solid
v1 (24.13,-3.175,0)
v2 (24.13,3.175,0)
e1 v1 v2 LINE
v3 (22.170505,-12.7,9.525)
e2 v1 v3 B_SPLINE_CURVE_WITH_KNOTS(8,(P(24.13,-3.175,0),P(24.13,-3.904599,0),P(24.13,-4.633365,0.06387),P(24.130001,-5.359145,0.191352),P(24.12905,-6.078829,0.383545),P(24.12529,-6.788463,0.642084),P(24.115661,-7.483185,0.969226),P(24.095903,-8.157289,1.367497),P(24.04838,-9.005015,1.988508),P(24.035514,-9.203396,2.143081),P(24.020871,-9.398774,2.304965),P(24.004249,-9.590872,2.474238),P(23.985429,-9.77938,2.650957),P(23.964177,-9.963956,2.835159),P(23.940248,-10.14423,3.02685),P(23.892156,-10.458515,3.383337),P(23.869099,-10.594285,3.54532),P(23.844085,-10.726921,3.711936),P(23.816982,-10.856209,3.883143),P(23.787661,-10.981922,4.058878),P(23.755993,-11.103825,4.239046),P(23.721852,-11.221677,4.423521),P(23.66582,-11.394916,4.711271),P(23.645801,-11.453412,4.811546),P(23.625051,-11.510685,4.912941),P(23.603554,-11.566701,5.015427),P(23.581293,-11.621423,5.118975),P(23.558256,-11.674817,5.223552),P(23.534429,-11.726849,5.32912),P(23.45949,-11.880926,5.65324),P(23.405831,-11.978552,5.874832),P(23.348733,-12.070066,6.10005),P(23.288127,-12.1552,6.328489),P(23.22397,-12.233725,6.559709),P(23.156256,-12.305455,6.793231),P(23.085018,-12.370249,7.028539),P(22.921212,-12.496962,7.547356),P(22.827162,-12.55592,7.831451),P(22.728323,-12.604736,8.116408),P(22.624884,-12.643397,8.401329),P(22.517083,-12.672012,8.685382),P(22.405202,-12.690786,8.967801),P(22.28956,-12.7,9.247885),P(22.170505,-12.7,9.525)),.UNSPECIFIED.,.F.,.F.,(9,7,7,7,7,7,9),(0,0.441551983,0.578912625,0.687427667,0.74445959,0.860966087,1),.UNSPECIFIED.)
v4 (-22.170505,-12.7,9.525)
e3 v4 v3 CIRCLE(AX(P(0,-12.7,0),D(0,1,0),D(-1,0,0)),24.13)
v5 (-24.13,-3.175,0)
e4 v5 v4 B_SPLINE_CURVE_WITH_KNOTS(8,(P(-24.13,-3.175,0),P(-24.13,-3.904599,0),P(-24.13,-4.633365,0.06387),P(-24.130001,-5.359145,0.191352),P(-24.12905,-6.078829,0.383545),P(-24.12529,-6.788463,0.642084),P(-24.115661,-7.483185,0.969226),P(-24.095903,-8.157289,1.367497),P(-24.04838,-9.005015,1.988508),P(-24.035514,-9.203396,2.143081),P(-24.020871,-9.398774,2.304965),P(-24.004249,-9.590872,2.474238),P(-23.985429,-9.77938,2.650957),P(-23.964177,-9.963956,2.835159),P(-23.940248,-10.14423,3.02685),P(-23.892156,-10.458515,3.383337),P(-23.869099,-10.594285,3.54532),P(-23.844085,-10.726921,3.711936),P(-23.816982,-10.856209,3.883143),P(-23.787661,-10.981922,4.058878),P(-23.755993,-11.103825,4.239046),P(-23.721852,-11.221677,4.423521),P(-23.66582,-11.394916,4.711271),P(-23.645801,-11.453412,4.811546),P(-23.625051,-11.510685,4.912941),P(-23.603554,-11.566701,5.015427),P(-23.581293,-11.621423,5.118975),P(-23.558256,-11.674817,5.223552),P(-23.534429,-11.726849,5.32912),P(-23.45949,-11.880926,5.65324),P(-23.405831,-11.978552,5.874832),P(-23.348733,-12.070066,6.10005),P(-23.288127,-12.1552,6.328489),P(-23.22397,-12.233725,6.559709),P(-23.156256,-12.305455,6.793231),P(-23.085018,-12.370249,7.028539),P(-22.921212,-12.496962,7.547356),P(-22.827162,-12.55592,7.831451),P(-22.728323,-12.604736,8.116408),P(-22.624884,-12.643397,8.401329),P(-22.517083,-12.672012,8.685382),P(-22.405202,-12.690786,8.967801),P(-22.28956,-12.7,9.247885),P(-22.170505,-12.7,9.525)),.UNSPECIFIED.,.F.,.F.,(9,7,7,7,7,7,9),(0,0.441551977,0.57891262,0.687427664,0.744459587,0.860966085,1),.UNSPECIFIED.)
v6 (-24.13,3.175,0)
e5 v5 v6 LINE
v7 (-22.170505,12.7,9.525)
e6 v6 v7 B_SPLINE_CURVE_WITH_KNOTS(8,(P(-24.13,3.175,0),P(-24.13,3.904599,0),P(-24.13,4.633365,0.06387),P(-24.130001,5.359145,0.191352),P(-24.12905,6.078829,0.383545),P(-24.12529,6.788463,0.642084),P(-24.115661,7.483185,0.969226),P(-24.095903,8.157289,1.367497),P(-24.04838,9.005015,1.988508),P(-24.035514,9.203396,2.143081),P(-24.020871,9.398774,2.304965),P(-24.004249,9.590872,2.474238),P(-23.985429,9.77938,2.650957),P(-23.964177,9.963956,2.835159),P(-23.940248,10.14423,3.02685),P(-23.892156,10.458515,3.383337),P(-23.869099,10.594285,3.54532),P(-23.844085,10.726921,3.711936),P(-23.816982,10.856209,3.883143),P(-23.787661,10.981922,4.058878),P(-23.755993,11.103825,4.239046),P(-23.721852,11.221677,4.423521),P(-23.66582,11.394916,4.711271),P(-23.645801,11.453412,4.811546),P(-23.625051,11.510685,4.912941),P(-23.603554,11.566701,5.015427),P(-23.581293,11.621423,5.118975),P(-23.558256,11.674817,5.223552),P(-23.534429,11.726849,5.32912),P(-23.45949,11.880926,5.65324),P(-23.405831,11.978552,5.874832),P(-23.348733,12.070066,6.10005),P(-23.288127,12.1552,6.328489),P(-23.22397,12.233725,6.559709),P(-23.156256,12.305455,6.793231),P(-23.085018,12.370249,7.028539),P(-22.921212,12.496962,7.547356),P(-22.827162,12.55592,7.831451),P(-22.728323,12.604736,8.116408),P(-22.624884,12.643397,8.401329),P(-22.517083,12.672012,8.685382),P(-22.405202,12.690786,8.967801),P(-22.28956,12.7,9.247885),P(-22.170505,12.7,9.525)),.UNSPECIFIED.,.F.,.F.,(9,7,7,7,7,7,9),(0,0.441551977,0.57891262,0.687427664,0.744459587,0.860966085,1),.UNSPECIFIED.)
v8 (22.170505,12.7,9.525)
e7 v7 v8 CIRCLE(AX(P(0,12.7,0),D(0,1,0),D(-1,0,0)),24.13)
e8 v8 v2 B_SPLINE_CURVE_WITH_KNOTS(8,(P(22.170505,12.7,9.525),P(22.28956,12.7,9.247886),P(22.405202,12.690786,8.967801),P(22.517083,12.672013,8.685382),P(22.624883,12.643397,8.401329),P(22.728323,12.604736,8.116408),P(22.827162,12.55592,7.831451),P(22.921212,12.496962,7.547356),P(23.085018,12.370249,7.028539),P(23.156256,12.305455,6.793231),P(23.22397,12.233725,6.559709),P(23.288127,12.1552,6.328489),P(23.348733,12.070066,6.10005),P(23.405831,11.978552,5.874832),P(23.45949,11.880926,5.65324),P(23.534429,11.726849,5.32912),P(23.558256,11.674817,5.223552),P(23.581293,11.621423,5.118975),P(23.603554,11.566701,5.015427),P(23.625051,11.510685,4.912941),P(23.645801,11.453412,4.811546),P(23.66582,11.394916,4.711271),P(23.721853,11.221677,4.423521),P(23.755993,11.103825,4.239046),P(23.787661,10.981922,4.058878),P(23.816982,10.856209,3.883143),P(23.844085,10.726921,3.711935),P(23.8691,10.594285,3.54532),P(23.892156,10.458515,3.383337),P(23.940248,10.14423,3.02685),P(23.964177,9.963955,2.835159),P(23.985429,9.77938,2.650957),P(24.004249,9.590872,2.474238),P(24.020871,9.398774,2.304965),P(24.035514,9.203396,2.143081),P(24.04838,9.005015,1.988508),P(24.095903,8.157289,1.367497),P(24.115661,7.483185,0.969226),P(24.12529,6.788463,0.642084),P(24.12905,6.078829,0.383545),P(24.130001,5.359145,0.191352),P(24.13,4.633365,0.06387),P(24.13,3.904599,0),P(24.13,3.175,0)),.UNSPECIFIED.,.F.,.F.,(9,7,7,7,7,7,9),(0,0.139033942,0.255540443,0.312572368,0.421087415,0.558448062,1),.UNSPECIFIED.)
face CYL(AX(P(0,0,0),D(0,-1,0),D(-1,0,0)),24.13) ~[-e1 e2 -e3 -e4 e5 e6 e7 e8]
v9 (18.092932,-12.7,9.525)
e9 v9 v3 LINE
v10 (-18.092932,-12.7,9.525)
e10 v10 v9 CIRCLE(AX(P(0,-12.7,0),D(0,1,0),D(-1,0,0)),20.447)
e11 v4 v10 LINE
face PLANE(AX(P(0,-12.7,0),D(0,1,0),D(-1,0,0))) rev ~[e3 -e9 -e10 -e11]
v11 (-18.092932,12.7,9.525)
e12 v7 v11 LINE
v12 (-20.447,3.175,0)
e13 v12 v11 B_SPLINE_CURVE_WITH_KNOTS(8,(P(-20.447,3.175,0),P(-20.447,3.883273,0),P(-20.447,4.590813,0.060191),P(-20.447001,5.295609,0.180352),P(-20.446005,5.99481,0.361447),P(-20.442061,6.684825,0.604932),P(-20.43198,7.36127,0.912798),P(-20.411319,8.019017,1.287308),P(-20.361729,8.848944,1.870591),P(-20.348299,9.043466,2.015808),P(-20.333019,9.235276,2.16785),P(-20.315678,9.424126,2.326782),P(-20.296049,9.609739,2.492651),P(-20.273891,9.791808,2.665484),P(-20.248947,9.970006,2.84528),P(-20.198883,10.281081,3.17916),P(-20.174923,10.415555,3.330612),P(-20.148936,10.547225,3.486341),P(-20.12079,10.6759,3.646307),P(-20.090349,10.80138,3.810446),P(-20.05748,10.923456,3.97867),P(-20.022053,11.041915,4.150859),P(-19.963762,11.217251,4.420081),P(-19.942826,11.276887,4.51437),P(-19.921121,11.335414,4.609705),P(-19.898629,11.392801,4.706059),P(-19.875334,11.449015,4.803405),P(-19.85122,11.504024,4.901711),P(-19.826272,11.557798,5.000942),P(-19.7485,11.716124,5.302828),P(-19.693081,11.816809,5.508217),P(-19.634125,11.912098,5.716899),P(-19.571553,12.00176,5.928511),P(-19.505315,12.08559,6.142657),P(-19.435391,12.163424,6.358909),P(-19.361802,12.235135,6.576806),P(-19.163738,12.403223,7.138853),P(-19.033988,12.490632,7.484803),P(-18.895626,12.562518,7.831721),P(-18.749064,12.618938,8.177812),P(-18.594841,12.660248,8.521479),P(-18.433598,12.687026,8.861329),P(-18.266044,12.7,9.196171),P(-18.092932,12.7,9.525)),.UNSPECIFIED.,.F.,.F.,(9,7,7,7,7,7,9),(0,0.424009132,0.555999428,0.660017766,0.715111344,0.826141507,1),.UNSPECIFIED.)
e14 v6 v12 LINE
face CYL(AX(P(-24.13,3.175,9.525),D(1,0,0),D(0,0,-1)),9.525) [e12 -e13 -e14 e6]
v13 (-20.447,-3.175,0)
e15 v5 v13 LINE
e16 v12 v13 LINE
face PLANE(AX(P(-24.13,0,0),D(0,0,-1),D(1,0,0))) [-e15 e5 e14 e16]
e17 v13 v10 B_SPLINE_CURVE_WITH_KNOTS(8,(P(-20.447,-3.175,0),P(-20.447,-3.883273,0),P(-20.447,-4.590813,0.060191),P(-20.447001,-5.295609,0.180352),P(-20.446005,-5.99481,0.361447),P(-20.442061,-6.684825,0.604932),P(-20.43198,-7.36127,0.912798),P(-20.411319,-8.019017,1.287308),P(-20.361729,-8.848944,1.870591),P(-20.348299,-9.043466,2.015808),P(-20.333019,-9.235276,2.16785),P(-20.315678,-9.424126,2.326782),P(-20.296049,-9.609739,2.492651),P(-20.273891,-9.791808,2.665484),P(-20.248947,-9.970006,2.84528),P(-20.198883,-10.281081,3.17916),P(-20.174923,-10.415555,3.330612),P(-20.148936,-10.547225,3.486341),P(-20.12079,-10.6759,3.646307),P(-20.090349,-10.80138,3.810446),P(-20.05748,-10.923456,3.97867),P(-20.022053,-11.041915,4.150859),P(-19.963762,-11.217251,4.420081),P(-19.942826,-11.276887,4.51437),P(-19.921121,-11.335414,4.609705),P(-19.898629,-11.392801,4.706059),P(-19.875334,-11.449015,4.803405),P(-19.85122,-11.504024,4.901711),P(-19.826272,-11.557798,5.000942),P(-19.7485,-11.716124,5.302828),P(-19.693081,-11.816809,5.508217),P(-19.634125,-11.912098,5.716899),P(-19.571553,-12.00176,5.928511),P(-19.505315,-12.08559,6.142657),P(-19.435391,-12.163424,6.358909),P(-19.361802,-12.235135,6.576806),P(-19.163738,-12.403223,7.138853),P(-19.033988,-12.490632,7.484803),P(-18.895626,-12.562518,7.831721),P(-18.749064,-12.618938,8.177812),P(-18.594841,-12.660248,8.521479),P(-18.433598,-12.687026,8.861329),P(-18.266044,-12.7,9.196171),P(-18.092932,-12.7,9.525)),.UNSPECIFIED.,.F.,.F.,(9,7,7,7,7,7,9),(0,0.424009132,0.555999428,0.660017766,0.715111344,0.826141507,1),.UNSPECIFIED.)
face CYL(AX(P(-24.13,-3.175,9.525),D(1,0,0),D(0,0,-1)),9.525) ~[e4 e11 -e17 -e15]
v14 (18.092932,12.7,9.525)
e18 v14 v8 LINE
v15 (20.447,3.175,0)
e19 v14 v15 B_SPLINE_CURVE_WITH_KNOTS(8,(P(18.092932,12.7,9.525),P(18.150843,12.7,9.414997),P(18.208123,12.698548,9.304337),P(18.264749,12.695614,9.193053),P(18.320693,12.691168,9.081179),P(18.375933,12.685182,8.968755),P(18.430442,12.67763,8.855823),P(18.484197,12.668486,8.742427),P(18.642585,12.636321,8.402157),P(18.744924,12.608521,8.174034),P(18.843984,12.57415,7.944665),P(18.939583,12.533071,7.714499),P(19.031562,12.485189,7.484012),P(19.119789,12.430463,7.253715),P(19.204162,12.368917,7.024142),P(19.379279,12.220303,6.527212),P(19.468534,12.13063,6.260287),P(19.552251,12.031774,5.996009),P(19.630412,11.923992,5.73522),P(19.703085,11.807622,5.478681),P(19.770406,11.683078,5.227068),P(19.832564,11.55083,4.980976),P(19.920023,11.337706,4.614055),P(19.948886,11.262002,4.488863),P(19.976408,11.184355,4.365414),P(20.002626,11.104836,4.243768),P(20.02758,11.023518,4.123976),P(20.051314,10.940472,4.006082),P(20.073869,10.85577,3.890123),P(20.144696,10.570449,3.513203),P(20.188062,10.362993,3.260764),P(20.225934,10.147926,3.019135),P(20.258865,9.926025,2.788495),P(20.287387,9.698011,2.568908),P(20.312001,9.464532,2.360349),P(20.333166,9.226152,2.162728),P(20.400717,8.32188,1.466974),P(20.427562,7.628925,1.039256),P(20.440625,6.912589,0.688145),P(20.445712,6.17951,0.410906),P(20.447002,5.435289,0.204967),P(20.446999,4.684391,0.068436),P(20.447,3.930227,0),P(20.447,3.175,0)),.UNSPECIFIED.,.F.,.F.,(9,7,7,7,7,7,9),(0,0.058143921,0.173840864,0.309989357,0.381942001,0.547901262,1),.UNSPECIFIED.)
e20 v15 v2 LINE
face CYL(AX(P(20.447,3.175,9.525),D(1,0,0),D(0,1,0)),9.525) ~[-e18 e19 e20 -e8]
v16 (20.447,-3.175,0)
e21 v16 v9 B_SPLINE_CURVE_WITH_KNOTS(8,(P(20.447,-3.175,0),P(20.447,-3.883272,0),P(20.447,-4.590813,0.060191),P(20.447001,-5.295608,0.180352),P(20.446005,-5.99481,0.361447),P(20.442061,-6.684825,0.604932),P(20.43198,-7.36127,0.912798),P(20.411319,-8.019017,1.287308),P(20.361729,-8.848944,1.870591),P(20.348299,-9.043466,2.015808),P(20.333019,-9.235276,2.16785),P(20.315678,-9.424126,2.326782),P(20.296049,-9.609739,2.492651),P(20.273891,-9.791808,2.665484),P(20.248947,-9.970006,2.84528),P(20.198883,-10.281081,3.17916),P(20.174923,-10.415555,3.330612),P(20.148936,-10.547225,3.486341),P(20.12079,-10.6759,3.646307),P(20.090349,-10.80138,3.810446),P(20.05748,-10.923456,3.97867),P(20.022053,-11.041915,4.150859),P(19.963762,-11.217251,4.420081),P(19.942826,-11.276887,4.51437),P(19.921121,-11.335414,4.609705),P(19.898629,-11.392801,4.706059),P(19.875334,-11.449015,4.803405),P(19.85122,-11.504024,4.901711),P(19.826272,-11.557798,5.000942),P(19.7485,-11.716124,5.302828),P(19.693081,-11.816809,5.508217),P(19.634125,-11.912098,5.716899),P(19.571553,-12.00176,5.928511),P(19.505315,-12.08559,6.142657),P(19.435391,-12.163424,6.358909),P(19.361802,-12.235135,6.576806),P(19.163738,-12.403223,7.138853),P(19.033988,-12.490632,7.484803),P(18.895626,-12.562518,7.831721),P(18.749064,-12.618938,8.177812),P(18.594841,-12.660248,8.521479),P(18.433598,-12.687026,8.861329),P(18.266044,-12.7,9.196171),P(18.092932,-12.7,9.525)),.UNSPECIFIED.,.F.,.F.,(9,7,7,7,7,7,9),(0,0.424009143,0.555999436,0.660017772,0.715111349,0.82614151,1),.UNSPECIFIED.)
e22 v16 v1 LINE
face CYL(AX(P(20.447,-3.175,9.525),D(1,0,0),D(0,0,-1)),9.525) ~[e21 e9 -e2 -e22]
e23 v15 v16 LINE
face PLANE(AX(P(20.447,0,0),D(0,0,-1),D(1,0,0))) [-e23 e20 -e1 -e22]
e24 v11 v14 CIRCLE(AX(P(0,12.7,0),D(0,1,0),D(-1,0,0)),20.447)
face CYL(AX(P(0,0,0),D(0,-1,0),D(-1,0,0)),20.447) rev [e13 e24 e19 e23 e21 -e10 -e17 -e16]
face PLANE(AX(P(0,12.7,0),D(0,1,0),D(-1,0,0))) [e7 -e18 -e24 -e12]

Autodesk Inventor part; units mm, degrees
ref_plane "YZ Plane" through (0, 0, 0) normal (1, 0, 0) x (0, 1, 0)
ref_plane "XZ Plane" through (0, 0, 0) normal (0, 1, 0) x (-1, 0, 0)
ref_plane "XY Plane" through (0, 0, 0) normal (0, 0, 1) x (1, 0, 0)
sketch "Sketch1" plane through (0, 0, 0) normal (0, 1, 0) x (-1, 0, 0)
  arc A0 (24.13, 0) -> (-24.13, 0) centre (0, 0) ccw
  arc A1 (20.447, 0) -> (-20.447, 0) centre (0, 0) ccw
  line L0 (24.13, 0) -> (-24.13, 0)
  dimension "d0" = 48.26
  dimension "d1" = 40.894
extrude "Extrusion1" add sketch "Sketch1" along normal mid plane 25.4 contours L0 A1 A0
fillet "Fillet1" radius 9.525 4 edges at (-22.2885, 12.7, 0) (-22.2885, -12.7, 0) (22.2885, -12.7, 0) (22.2885, 12.7, 0)
properties part number "FE-120-004 Pivot Hardstop" material "PVC-Piping"
